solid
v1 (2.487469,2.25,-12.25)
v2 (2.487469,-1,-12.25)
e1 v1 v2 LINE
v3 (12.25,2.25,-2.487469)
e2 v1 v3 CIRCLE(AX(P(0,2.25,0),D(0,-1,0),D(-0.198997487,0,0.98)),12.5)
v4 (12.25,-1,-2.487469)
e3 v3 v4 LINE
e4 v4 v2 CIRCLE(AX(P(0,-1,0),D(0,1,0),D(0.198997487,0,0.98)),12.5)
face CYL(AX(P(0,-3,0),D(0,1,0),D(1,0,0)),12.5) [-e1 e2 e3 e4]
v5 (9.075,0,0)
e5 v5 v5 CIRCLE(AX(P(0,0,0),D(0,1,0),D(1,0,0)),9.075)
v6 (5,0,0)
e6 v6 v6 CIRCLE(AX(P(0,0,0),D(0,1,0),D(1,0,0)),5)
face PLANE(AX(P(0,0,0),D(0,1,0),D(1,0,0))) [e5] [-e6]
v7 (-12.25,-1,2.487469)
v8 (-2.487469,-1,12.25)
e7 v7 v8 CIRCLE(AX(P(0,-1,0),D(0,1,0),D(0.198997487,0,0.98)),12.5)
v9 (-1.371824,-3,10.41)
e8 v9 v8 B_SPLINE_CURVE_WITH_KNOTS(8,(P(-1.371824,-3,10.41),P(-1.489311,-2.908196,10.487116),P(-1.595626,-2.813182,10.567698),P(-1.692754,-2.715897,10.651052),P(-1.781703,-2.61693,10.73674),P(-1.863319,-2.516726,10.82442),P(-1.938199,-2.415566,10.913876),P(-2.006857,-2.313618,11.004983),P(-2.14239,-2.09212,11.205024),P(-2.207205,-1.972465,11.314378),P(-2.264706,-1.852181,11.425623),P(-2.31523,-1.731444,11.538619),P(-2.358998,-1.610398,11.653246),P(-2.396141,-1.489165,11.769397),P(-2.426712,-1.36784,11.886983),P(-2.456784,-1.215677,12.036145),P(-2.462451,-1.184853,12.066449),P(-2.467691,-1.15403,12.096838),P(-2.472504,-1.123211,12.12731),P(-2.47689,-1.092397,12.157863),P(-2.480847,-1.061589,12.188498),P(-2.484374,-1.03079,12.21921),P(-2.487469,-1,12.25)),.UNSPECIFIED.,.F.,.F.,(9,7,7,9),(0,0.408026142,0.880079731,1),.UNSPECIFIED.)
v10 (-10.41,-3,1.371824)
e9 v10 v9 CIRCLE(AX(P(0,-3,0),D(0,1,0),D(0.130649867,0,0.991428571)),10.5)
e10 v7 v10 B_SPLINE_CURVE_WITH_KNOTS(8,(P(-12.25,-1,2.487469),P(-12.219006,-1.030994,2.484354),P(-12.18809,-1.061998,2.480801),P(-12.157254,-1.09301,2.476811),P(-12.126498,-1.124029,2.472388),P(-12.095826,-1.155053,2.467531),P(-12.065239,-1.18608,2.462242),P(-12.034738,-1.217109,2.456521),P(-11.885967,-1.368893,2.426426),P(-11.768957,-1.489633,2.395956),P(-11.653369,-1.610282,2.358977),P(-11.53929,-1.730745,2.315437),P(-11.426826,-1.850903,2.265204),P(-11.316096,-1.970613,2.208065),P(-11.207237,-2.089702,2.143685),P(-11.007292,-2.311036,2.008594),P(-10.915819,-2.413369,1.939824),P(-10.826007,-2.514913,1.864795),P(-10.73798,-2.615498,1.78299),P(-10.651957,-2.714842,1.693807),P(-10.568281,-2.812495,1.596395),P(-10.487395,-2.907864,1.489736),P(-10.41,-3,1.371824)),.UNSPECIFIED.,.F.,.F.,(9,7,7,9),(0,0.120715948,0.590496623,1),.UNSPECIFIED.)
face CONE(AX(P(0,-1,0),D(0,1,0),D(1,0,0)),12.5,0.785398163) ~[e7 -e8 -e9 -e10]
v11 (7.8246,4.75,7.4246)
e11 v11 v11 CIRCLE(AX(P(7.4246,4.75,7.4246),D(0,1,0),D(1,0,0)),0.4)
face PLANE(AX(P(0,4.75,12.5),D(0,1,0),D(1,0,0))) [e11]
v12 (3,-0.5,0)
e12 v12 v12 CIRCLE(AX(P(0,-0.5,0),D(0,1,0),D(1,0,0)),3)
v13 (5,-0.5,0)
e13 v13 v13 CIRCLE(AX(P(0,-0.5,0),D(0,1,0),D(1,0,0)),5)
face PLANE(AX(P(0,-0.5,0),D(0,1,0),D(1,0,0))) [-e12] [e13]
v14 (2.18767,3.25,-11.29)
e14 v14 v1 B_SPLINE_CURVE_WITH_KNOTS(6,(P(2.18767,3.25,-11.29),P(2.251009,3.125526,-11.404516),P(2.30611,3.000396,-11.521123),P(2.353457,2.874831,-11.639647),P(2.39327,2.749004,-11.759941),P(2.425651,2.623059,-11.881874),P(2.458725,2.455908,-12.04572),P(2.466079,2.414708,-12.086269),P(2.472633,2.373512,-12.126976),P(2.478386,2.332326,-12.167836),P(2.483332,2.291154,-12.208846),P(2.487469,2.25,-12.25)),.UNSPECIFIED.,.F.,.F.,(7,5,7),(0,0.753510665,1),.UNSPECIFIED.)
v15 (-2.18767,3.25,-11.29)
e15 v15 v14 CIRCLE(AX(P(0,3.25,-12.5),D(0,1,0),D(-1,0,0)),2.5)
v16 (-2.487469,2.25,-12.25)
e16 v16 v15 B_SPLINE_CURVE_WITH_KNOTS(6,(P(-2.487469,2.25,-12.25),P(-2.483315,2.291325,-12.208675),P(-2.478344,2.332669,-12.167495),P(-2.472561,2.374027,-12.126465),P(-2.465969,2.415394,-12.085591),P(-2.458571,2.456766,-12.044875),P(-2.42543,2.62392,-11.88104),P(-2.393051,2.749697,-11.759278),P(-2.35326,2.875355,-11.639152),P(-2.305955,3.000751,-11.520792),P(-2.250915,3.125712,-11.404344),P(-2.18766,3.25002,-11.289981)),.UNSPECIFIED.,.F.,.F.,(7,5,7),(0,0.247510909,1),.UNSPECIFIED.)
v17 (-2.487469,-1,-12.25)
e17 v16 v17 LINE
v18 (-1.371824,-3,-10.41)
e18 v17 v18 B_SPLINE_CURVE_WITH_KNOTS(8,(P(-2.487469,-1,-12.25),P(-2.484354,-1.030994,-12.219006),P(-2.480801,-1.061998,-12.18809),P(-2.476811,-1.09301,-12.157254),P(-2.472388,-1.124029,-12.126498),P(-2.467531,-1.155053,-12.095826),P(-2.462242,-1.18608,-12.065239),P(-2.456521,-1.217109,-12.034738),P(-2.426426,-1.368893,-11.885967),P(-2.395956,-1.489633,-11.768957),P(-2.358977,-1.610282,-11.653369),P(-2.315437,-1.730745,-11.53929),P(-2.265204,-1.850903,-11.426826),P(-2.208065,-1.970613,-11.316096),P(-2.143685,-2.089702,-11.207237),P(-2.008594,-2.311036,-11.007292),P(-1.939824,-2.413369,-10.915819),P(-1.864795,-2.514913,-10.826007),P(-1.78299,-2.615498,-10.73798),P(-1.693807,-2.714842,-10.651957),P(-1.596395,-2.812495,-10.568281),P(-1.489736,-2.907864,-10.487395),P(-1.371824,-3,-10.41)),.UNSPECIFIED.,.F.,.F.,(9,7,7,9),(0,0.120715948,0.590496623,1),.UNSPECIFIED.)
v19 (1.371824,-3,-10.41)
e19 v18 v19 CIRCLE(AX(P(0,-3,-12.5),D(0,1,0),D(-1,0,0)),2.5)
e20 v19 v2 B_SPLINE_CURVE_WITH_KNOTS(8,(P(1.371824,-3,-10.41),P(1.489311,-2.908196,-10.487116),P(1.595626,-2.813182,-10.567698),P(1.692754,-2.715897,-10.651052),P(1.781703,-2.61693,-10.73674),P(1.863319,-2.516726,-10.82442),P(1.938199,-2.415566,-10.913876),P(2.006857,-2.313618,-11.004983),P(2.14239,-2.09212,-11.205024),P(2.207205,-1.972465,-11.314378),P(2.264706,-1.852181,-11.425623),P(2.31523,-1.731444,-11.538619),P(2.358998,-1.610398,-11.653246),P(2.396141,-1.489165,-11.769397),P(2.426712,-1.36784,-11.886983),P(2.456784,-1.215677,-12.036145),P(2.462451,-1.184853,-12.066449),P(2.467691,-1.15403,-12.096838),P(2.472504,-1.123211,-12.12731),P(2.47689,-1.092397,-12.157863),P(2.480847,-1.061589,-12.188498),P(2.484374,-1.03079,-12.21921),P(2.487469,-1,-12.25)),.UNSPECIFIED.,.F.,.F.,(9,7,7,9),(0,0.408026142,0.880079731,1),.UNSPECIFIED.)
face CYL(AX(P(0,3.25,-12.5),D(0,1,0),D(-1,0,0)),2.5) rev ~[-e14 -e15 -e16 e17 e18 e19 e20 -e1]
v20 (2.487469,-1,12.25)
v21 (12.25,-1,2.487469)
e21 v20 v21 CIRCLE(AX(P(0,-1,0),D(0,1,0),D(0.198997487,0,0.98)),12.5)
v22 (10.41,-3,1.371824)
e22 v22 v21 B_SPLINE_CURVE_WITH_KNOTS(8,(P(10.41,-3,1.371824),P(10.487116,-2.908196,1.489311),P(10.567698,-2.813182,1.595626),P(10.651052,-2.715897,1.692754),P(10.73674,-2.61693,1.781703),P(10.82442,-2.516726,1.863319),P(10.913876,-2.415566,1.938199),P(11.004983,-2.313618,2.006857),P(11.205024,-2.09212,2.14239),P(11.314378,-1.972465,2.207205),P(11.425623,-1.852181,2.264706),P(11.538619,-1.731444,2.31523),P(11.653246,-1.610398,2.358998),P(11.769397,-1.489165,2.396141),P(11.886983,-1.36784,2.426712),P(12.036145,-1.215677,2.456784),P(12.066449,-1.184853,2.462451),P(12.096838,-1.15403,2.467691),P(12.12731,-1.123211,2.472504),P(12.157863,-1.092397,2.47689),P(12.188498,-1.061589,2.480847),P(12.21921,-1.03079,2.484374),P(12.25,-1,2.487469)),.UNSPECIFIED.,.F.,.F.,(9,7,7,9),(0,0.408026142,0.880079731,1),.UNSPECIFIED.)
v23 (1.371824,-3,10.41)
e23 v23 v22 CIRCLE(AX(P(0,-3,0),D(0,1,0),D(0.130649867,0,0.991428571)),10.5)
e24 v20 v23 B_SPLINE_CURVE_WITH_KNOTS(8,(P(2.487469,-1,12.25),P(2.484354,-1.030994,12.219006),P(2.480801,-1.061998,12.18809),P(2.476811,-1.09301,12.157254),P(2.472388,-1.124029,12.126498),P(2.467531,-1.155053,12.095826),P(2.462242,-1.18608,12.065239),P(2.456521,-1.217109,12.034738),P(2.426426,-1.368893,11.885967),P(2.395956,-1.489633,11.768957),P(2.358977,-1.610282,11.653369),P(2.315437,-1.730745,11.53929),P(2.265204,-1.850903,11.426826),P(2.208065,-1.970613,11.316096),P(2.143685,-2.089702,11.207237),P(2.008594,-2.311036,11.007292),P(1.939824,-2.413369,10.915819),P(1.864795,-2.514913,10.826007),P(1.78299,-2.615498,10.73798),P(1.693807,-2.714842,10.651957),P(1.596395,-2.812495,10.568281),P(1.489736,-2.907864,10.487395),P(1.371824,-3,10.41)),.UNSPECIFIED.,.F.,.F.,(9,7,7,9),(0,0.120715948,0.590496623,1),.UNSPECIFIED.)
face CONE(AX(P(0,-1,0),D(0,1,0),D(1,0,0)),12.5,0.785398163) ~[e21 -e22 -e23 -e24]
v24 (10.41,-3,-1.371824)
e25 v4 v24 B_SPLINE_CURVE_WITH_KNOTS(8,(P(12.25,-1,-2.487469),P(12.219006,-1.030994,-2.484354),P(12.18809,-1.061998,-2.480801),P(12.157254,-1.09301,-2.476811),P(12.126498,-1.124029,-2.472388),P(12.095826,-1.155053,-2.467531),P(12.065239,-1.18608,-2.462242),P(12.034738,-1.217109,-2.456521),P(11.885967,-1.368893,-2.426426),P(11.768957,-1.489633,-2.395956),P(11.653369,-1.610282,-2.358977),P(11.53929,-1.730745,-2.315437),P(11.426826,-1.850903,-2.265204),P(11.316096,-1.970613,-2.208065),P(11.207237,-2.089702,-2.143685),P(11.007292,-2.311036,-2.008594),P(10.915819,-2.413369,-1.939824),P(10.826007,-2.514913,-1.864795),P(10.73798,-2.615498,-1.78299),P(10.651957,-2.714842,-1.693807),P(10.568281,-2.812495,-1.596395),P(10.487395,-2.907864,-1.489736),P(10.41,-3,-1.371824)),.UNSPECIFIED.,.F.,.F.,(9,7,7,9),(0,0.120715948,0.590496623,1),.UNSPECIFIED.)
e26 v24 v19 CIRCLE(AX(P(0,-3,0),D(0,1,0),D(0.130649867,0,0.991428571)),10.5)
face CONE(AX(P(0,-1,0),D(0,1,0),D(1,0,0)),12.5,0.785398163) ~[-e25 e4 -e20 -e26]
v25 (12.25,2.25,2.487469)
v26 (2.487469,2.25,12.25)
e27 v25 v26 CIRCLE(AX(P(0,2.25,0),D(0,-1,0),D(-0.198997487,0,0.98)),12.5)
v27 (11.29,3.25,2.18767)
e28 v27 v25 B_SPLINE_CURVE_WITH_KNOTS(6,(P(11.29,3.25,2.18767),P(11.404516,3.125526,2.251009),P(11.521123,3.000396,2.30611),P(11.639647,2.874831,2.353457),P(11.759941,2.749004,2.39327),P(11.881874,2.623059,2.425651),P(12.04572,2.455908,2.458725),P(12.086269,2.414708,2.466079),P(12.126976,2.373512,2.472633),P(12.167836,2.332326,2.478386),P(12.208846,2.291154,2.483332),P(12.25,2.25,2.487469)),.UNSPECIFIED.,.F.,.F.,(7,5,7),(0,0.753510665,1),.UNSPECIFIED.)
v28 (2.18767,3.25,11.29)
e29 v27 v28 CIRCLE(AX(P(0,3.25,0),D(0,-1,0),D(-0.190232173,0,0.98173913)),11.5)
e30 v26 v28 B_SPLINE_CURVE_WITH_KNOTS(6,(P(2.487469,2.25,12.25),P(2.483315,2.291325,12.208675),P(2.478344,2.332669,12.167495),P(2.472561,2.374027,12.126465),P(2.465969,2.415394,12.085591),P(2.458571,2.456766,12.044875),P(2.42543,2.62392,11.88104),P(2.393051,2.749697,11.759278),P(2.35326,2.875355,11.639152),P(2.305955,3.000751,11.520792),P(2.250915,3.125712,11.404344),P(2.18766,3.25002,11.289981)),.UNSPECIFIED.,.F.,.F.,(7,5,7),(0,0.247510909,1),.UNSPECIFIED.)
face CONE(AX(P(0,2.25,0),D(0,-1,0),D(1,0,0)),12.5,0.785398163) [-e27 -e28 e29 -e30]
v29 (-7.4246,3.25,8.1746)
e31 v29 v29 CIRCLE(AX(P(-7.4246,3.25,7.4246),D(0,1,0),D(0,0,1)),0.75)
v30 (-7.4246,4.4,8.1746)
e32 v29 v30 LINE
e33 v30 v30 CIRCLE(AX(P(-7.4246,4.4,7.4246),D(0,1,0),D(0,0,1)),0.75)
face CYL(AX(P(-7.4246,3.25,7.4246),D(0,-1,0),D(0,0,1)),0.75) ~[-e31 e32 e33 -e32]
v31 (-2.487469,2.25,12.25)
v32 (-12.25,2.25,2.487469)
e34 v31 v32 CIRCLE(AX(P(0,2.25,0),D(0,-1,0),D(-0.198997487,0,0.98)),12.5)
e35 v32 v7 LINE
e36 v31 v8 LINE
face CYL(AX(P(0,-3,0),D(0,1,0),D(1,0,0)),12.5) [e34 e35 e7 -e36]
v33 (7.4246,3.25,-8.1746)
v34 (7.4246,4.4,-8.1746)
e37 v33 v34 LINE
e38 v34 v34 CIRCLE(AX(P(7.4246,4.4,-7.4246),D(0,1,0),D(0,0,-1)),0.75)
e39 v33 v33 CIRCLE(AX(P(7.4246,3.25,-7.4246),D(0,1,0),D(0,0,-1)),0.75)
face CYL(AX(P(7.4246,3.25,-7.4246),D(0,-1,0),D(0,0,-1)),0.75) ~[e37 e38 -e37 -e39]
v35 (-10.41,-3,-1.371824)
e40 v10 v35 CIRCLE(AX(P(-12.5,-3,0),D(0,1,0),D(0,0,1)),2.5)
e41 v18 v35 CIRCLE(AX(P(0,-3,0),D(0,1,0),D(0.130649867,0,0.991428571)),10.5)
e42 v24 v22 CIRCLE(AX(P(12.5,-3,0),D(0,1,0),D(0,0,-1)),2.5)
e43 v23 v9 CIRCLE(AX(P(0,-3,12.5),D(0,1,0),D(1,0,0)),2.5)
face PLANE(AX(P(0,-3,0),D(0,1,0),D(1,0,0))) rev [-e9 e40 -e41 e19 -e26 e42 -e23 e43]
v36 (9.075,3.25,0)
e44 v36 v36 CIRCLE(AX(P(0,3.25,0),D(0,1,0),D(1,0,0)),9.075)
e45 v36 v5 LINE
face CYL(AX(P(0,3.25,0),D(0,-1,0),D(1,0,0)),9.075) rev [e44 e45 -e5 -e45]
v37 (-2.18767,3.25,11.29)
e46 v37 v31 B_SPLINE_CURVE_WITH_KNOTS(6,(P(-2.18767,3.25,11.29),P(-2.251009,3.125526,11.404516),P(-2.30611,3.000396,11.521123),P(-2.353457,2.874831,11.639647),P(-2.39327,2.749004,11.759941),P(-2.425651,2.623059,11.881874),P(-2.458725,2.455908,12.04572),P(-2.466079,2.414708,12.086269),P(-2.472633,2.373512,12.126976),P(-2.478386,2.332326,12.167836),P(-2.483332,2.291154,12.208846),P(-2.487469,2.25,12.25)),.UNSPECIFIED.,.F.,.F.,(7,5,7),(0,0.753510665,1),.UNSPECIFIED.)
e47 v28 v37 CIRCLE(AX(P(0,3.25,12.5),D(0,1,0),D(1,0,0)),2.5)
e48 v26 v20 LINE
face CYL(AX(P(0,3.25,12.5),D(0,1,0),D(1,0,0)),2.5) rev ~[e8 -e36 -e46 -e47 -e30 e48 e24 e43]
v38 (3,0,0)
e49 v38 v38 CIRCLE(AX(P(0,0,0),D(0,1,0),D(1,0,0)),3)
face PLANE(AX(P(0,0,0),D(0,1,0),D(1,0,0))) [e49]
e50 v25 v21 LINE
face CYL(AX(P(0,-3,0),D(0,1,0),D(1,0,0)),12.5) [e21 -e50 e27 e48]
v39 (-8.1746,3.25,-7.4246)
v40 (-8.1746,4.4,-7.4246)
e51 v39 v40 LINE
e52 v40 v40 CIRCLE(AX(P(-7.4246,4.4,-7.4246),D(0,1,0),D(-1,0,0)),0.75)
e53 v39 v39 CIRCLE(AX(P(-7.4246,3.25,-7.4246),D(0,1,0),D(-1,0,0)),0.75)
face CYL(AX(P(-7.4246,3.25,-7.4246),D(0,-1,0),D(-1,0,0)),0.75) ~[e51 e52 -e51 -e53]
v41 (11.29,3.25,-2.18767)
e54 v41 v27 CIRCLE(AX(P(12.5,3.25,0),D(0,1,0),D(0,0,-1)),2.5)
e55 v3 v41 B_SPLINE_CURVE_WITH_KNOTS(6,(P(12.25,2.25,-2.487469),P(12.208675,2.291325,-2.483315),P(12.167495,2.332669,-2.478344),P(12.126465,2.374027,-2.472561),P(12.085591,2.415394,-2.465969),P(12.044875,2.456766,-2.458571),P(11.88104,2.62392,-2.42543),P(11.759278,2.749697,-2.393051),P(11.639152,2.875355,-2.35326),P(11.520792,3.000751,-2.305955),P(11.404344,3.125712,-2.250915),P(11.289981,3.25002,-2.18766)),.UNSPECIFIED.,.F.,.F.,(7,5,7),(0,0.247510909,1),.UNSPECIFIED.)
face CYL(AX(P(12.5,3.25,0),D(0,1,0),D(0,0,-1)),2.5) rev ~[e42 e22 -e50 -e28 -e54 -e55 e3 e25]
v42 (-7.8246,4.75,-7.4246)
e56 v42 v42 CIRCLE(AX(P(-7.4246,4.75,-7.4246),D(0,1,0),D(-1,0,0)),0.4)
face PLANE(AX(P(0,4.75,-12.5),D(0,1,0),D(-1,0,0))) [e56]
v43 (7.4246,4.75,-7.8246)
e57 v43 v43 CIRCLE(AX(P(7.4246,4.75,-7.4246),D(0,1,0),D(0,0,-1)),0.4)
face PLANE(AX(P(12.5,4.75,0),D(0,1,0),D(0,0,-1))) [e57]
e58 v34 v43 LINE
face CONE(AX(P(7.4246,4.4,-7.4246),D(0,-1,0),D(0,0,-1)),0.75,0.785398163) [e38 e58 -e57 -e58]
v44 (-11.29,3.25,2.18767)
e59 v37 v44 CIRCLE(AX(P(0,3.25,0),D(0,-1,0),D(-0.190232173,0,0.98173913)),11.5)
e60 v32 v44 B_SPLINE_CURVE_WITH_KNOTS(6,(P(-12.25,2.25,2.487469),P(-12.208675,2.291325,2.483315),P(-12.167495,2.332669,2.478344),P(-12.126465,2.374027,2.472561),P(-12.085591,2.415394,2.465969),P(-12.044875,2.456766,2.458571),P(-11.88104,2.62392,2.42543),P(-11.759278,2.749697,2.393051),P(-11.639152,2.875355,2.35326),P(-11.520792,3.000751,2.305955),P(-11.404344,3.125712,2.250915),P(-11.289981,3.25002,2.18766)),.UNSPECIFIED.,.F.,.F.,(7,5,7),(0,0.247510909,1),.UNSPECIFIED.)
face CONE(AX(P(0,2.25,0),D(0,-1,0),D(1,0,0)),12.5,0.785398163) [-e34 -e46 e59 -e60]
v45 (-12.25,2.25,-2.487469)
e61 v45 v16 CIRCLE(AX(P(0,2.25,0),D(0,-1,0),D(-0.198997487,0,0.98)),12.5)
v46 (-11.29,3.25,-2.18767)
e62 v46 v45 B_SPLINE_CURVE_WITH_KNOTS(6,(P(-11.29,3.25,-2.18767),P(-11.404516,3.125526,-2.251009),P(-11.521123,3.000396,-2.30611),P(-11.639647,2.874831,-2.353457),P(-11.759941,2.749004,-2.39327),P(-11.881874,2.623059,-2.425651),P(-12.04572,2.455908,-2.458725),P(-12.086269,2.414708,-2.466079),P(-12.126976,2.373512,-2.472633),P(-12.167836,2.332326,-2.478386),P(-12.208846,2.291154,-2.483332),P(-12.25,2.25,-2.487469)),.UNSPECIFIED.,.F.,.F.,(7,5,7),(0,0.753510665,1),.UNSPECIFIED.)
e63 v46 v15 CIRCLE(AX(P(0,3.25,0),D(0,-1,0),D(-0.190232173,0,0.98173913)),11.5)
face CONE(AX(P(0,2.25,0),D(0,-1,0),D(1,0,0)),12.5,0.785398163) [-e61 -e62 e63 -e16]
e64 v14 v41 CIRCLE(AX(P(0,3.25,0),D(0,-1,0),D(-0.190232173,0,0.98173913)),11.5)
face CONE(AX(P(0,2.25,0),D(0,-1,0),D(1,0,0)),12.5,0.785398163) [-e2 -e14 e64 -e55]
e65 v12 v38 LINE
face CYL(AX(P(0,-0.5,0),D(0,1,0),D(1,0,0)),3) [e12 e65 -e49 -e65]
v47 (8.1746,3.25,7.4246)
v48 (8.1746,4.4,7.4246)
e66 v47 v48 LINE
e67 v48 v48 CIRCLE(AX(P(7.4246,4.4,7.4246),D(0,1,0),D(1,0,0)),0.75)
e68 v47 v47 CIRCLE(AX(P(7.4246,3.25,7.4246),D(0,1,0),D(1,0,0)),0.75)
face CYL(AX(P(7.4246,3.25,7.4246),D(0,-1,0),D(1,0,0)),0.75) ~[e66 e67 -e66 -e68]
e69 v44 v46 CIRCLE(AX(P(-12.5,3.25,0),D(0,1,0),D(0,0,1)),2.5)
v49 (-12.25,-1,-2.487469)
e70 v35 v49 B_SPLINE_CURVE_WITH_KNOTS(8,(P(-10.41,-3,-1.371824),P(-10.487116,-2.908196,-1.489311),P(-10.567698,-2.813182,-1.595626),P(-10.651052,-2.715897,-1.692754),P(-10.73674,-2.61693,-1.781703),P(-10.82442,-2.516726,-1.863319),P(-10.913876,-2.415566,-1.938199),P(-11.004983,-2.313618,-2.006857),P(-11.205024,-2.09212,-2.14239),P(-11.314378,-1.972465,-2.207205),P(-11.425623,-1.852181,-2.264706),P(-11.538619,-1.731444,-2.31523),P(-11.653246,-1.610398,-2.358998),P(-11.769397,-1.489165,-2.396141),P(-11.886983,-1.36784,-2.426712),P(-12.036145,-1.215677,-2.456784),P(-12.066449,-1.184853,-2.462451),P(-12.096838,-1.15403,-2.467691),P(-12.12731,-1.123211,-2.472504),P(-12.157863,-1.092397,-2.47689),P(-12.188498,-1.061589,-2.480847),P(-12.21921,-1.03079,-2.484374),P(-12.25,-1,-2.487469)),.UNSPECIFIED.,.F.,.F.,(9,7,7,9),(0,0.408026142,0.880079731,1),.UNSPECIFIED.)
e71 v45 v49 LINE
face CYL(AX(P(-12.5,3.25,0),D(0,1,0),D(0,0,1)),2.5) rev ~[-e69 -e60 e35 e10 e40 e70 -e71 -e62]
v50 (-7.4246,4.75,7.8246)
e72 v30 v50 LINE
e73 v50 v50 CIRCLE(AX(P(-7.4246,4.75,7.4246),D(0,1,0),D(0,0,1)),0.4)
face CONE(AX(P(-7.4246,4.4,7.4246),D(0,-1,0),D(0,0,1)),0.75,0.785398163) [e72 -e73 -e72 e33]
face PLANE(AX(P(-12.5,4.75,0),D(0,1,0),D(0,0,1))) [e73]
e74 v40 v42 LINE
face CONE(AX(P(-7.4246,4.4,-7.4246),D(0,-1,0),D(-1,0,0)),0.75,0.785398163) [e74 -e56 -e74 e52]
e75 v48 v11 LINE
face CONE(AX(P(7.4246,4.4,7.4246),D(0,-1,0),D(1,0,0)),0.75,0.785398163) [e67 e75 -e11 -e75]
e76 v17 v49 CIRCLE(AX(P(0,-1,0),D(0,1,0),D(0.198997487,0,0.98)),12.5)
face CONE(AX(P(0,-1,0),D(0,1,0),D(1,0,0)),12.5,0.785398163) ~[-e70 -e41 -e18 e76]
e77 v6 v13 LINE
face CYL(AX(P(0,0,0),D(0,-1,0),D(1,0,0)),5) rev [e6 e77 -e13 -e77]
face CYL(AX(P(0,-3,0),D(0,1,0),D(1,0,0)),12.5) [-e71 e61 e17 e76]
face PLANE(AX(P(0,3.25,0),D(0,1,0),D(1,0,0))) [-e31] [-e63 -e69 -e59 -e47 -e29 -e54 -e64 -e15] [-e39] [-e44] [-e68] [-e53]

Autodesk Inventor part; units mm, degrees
ref_plane "YZ Plane" through (0, 0, 0) normal (1, 0, 0) x (0, 1, 0)
ref_plane "XZ Plane" through (0, 0, 0) normal (0, 1, 0) x (-1, 0, 0)
ref_plane "XY Plane" through (0, 0, 0) normal (0, 0, 1) x (1, 0, 0)
sketch "Sketch1" plane through (0, 0, 0) normal (0, 0, 1) x (1, 0, 0)
  line L0 (0, 0) -> (0, 12.75) construction
  line L1 (0, 0) -> (13.9342, 0) construction
  line L2 (0, 0) -> (0, -3)
  line L3 (0, -3) -> (12.5, -3)
  line L4 (12.5, -3) -> (12.5, 3.25)
  line L5 (12.5, 3.25) -> (9.075, 3.25)
  line L6 (9.075, 3.25) -> (9.075, 0)
  line L7 (9.075, 0) -> (0, 0)
  line L8 (3, 0) -> (5, 0)
  line L9 (5, 0) -> (5, -0.5)
  line L10 (5, -0.5) -> (3, -0.5)
  line L11 (3, -0.5) -> (3, 0)
  dimension "d0" = 3
  dimension "d1" = 5
  dimension "d2" = 0.5
  dimension "d3" = 9.075
  dimension "d4" = 12.5
  dimension "d5" = 3.25
  dimension "d6" = 3
revolve "Revolution1" add sketch "Sketch1" angle 360 about axis through (0, 0, 0) along (0, 1, 0) contours L7 L11 L10 L9 L6 L5 L4 L3 L2
chamfer "Chamfer1" distance 2 angle 45 1 edges at (-12.5, -3, 0)
chamfer "Chamfer2" distance 1 angle 45 1 edges at (-12.5, 3.25, 0)
sketch "Sketch2" plane through (0, 3.25, 0) normal (0, 1, 0) x (1, 0, 0)
  circle A0 centre (0, 0) radius 12.5 projected
  circle A1 centre (0, 0) radius 12.5 projected
  circle A2 centre (0, -12.5) radius 2.5
  line L0 (0, 0) -> (0, -12.5) construction
  point P0 (2.4875, -12.25)
  point P1 (-2.4875, -12.25)
  dimension "d14" = 5
extrude "Extrusion1" cut sketch "Sketch2" against normal through all contours A2 A0 picked at (0, -11.6481)
pattern_circular "Circular Pattern1" count 4 over 360 about axis through (0, -10, 0) along (0, 1, 0) of "Extrusion1"
sketch "Sketch3" plane through (0, 3.25, 12.5) normal (0, 1, 0) x (1, 0, 0)
  line L0 (0, 12.5) -> (0, -7.7808) construction
  line L1 (0, 12.5) -> (13.1543, -0.6543) construction
  circle A0 centre (7.4246, 5.0754) radius 0.75
  dimension "d20" = 45
  dimension "d21" = 1.5
  dimension "d22" = 10.5
extrude "Extrusion2" add sketch "Sketch3" along normal blind 1.5
chamfer "Chamfer3" distance 0.35 angle 45 1 edges at (6.6746, 4.75, 7.4246)
pattern_circular "Circular Pattern2" count 4 over 360 about axis through (0, -10, 0) along (0, 1, 0) of "Extrusion2", "Chamfer3"
properties part number "cpd_1.9_p0_v12"
